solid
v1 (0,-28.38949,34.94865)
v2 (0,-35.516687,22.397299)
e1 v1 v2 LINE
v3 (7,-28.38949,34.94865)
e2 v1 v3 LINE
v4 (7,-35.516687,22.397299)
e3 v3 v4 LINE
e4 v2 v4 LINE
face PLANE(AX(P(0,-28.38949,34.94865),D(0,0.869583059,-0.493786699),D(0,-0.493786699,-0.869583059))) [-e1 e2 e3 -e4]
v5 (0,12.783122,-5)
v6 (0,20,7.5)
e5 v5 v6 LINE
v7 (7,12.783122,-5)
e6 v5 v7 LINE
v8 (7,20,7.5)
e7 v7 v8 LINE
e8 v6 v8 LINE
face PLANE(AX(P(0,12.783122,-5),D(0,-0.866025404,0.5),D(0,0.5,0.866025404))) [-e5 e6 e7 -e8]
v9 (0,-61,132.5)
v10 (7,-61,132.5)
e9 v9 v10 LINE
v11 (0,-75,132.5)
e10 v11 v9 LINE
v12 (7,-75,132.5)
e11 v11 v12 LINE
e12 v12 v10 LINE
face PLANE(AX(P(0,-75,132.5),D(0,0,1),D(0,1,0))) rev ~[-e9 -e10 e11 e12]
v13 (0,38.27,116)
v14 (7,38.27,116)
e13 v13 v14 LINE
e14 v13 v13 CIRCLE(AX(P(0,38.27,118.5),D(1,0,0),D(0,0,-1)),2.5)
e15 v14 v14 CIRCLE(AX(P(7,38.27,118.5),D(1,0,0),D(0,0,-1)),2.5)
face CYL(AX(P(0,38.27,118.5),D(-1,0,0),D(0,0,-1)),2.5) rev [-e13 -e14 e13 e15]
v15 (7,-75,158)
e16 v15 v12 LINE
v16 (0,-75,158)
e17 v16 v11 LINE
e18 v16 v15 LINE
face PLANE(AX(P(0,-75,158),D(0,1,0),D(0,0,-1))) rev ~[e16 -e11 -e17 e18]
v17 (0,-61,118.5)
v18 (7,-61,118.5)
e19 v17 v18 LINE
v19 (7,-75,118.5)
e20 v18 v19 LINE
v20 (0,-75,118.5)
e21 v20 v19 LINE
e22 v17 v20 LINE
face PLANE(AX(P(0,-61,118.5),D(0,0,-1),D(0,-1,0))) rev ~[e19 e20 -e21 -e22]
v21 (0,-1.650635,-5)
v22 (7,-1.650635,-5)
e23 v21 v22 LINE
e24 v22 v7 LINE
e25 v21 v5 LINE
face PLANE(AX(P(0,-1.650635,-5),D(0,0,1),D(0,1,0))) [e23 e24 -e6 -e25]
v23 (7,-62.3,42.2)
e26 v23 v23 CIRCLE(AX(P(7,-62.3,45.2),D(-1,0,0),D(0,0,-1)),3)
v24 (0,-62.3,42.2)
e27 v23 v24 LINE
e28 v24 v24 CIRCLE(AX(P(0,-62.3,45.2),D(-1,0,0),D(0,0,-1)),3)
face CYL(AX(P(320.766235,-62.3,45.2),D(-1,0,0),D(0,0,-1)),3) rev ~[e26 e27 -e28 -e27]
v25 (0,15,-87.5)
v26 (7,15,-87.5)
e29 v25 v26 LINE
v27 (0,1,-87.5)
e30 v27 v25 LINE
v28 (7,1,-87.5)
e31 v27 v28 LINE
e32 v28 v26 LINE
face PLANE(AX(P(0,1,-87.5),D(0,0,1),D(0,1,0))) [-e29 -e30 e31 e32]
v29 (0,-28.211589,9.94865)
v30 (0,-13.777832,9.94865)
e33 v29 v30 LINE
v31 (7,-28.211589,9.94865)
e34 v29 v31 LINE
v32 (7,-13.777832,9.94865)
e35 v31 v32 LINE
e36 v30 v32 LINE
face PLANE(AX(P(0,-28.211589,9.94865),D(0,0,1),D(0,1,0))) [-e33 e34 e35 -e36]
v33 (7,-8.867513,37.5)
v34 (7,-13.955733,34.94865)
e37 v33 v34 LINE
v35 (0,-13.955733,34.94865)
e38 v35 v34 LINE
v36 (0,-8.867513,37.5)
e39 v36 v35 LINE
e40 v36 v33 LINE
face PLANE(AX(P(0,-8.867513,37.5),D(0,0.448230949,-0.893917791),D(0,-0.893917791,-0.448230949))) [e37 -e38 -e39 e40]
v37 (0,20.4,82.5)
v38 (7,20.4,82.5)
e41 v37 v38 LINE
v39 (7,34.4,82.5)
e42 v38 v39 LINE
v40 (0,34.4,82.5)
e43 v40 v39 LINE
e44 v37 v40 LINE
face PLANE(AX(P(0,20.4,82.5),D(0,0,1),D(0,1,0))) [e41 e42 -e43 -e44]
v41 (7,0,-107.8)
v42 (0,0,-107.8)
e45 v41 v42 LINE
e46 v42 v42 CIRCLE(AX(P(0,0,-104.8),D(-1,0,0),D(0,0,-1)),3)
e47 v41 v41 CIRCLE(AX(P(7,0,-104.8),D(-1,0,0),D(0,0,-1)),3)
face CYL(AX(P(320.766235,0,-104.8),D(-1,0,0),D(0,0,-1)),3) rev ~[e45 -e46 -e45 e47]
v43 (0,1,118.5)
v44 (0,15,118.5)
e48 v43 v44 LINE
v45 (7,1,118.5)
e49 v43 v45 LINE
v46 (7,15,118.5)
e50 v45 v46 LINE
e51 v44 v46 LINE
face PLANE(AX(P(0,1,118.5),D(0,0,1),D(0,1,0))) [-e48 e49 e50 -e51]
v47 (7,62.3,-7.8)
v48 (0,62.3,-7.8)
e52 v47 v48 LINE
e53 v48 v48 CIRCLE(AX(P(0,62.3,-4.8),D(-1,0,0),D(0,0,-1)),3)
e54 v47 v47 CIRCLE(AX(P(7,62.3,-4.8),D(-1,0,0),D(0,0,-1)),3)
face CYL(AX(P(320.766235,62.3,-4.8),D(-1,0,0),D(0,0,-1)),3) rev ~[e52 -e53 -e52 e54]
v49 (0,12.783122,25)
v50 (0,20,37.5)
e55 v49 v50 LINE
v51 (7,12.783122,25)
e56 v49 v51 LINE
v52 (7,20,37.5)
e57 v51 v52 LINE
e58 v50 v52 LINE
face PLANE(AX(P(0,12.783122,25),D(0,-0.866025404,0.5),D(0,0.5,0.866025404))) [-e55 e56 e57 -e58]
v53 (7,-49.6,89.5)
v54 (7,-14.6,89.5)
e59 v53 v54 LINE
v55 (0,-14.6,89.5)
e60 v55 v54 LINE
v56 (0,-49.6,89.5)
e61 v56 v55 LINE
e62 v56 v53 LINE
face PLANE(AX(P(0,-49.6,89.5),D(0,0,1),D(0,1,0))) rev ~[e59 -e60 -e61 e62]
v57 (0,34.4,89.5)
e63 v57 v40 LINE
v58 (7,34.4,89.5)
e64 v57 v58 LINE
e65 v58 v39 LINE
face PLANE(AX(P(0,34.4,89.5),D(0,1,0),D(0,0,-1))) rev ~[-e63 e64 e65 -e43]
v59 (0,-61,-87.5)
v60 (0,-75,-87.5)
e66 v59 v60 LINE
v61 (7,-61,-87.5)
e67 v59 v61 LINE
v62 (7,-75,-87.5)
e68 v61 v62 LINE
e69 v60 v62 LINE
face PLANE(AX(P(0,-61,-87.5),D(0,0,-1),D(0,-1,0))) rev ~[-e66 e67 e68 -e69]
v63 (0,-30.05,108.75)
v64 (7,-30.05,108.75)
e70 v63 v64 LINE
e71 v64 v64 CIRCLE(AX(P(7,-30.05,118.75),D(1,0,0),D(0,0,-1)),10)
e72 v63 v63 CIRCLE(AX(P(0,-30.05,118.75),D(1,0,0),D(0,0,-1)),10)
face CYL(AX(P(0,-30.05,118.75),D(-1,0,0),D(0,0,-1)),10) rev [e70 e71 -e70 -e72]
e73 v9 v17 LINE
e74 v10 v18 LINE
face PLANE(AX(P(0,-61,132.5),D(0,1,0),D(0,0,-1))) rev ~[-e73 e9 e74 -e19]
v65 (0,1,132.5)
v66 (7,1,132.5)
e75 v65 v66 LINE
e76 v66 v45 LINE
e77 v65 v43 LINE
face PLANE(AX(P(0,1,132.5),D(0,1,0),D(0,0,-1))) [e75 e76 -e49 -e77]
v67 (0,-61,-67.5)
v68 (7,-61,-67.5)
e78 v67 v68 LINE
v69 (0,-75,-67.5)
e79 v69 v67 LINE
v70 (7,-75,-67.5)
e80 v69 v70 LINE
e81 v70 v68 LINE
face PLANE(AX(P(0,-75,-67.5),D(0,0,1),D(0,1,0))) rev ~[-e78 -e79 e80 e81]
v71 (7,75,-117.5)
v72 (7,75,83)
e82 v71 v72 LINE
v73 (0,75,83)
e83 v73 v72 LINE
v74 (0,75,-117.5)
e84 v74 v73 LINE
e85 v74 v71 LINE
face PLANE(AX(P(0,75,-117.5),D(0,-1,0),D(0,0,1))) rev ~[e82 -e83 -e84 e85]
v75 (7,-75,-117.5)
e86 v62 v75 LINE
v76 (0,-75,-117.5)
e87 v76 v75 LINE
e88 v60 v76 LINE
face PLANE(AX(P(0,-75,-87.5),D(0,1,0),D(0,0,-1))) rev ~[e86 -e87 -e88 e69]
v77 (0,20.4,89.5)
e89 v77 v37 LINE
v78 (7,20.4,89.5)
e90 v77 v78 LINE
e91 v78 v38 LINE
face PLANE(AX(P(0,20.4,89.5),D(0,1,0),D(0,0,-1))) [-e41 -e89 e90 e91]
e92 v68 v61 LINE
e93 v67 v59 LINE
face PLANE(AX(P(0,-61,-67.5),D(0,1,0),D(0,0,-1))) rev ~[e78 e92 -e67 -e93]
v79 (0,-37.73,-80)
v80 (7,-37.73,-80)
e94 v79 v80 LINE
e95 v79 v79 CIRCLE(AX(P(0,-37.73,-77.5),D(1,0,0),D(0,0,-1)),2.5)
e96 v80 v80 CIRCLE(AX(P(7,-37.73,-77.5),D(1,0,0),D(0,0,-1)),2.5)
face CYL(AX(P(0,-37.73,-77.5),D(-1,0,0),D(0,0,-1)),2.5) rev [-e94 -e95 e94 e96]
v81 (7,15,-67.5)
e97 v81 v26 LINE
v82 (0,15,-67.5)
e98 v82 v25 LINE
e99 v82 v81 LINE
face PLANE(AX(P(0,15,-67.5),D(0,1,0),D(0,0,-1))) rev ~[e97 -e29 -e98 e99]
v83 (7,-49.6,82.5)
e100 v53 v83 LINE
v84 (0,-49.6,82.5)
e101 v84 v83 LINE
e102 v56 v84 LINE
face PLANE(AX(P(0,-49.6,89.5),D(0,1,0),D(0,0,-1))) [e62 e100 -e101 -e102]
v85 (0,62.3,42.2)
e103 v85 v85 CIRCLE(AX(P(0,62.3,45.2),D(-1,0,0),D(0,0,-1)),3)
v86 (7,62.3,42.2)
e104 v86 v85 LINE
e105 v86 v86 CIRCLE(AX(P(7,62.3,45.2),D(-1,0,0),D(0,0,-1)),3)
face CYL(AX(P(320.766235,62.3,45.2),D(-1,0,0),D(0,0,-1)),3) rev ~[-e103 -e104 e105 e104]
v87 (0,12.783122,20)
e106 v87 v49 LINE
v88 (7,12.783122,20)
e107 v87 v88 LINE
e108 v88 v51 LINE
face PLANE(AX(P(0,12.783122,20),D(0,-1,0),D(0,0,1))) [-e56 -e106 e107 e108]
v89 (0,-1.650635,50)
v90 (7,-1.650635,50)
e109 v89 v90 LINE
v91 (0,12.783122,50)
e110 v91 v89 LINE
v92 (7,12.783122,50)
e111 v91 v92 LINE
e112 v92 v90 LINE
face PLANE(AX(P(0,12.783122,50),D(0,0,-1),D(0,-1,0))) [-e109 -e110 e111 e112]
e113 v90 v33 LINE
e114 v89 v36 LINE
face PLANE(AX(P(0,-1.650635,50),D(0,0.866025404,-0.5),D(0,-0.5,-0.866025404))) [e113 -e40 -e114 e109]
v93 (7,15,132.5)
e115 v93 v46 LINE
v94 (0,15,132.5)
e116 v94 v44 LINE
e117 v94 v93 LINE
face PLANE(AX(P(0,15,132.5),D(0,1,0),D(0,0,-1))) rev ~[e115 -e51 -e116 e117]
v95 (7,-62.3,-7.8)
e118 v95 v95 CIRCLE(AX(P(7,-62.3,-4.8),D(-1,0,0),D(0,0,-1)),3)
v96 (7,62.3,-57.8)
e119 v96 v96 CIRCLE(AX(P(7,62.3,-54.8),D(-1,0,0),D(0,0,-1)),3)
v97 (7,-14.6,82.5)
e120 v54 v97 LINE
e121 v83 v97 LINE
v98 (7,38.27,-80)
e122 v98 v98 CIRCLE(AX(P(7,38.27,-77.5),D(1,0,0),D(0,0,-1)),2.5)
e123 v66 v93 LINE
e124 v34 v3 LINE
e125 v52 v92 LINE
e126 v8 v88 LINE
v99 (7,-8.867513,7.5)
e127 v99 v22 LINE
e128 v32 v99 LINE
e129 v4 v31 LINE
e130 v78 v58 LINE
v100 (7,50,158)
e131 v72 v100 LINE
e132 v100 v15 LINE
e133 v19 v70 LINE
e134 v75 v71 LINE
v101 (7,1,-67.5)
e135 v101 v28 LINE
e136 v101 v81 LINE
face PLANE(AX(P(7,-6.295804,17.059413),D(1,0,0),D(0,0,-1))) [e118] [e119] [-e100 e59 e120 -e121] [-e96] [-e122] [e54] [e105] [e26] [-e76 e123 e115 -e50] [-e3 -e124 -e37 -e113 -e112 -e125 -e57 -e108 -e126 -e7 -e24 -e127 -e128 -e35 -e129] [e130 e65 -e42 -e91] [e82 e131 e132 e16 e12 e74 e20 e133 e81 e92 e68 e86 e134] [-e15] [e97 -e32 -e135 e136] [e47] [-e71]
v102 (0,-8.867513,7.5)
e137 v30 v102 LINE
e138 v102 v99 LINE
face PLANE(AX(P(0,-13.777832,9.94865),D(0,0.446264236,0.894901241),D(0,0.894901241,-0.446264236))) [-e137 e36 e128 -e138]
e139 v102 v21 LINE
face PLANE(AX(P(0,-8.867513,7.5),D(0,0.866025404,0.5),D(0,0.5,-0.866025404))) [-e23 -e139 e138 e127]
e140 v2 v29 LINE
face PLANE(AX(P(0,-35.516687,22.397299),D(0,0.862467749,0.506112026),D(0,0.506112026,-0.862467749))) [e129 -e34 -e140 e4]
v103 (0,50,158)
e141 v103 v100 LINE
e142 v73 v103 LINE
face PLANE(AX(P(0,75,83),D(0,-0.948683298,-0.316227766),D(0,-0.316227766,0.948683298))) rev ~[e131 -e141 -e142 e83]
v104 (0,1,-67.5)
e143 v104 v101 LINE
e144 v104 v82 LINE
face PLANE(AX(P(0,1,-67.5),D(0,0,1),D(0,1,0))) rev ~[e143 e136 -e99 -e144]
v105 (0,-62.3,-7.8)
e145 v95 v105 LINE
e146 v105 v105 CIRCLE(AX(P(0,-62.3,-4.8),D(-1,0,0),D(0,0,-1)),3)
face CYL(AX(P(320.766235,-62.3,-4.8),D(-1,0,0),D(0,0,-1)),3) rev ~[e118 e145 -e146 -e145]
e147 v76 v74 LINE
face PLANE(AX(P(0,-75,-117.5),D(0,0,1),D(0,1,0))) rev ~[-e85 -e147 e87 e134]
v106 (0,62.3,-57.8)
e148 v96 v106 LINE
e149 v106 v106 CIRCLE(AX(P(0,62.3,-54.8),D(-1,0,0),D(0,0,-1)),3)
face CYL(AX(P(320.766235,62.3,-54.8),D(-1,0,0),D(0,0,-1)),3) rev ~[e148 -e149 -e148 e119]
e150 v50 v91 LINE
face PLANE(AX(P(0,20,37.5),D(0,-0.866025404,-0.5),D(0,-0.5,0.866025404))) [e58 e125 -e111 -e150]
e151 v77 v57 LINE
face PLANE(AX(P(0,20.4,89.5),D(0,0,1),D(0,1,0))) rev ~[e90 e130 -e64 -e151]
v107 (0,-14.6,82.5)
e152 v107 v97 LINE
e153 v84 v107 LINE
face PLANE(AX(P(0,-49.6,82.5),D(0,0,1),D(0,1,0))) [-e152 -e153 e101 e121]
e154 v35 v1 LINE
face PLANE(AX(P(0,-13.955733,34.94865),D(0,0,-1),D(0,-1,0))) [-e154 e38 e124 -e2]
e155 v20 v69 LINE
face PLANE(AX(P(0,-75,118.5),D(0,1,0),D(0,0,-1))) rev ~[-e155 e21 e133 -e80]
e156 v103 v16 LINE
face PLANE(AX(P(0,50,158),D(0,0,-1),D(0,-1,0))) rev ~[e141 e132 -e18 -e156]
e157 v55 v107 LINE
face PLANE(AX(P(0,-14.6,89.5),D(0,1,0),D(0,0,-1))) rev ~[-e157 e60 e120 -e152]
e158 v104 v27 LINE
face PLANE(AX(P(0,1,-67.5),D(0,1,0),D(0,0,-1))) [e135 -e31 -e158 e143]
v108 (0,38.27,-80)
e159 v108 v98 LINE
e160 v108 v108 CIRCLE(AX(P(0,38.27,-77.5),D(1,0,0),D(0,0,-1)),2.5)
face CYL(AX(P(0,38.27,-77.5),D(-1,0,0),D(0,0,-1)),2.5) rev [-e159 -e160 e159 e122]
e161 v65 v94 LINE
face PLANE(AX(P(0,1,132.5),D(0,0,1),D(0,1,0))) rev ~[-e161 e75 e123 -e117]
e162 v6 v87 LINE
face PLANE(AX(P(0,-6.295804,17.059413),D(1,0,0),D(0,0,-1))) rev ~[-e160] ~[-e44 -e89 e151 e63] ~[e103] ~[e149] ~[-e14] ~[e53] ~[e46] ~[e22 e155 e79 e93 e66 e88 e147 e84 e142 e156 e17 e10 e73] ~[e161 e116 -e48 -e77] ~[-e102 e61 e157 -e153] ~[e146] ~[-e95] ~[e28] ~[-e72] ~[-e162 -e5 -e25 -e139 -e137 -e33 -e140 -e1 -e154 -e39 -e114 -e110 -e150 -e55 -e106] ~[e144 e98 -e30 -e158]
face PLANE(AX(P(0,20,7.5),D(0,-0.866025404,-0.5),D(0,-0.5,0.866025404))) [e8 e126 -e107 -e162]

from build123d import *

# Parameters (mm, degrees)
SKETCH1_R                = 10
SKETCH1_R_2              = 2.5
SKETCH1_W                = 14
SKETCH1_H                = 14
SKETCH1_W_2              = 20
SKETCH1_W_3              = 7
SKETCH1_H_2              = 35
BOSS_EXTRUDE1_DEPTH      = 7
F_6_0_6_DIAMETER_HOLE1_D = 6


with BuildPart() as part:
    # Sketch1 → Boss-Extrude1 (new body)
    with BuildSketch(Plane(origin=(0, 0, 0), x_dir=(0, 0, -1), z_dir=(1, 0, 0))):
        Polygon((-118.5, -75), (67.5, -75), (67.5, -61), (87.5, -61), (87.5, -75), (117.5, -75), (117.5, 75), (-83, 75), (-158, 50), (-158, -75), (-132.5, -75), (-132.5, -61), (-118.5, -61), align=None)
        with Locations((-118.75, -30.05)):
            Circle(SKETCH1_R, mode=Mode.SUBTRACT)
        with Locations((77.5, 38.27)):
            Circle(SKETCH1_R_2, mode=Mode.SUBTRACT)
        with Locations((-118.5, 38.27)):
            Circle(SKETCH1_R_2, mode=Mode.SUBTRACT)
        with Locations((77.5, -37.73)):
            Circle(SKETCH1_R_2, mode=Mode.SUBTRACT)
        with Locations((-125.5, 8)):
            Rectangle(SKETCH1_W, SKETCH1_H, mode=Mode.SUBTRACT)
        with Locations((77.5, 8)):
            Rectangle(SKETCH1_W_2, SKETCH1_H, mode=Mode.SUBTRACT)
        Polygon((-22.397299346, -35.516686773), (-9.948649676, -28.211588915), (-9.948649676, -13.777832185), (-7.5, -8.867513459), (5, -1.650635095), (5, 12.783121635), (-7.5, 20), (-20, 12.783121635), (-25, 12.783121635), (-37.5, 20), (-50, 12.783121635), (-50, -1.650635095), (-37.5, -8.867513459), (-34.94864967, -13.955732953), (-34.94864967, -28.389489683), align=None, mode=Mode.SUBTRACT)
        with Locations((-86, 27.4)):
            Rectangle(SKETCH1_W_3, SKETCH1_H, mode=Mode.SUBTRACT)
        with Locations((-86, -32.1)):
            Rectangle(SKETCH1_W_3, SKETCH1_H_2, mode=Mode.SUBTRACT)
    extrude(amount=BOSS_EXTRUDE1_DEPTH)

    # Ø6.0 (6) Diameter Hole1 (through all)
    with Locations(Plane(origin=(7, -62.3, -4.8), x_dir=(0, 0, 1), z_dir=(1, 0, 0))):
        with Locations((0, 0), (-100, -62.3), (-50, -124.6), (0, -124.6), (50, -124.6), (50, 0)):
            Hole(F_6_0_6_DIAMETER_HOLE1_D / 2)


solid = part.part
